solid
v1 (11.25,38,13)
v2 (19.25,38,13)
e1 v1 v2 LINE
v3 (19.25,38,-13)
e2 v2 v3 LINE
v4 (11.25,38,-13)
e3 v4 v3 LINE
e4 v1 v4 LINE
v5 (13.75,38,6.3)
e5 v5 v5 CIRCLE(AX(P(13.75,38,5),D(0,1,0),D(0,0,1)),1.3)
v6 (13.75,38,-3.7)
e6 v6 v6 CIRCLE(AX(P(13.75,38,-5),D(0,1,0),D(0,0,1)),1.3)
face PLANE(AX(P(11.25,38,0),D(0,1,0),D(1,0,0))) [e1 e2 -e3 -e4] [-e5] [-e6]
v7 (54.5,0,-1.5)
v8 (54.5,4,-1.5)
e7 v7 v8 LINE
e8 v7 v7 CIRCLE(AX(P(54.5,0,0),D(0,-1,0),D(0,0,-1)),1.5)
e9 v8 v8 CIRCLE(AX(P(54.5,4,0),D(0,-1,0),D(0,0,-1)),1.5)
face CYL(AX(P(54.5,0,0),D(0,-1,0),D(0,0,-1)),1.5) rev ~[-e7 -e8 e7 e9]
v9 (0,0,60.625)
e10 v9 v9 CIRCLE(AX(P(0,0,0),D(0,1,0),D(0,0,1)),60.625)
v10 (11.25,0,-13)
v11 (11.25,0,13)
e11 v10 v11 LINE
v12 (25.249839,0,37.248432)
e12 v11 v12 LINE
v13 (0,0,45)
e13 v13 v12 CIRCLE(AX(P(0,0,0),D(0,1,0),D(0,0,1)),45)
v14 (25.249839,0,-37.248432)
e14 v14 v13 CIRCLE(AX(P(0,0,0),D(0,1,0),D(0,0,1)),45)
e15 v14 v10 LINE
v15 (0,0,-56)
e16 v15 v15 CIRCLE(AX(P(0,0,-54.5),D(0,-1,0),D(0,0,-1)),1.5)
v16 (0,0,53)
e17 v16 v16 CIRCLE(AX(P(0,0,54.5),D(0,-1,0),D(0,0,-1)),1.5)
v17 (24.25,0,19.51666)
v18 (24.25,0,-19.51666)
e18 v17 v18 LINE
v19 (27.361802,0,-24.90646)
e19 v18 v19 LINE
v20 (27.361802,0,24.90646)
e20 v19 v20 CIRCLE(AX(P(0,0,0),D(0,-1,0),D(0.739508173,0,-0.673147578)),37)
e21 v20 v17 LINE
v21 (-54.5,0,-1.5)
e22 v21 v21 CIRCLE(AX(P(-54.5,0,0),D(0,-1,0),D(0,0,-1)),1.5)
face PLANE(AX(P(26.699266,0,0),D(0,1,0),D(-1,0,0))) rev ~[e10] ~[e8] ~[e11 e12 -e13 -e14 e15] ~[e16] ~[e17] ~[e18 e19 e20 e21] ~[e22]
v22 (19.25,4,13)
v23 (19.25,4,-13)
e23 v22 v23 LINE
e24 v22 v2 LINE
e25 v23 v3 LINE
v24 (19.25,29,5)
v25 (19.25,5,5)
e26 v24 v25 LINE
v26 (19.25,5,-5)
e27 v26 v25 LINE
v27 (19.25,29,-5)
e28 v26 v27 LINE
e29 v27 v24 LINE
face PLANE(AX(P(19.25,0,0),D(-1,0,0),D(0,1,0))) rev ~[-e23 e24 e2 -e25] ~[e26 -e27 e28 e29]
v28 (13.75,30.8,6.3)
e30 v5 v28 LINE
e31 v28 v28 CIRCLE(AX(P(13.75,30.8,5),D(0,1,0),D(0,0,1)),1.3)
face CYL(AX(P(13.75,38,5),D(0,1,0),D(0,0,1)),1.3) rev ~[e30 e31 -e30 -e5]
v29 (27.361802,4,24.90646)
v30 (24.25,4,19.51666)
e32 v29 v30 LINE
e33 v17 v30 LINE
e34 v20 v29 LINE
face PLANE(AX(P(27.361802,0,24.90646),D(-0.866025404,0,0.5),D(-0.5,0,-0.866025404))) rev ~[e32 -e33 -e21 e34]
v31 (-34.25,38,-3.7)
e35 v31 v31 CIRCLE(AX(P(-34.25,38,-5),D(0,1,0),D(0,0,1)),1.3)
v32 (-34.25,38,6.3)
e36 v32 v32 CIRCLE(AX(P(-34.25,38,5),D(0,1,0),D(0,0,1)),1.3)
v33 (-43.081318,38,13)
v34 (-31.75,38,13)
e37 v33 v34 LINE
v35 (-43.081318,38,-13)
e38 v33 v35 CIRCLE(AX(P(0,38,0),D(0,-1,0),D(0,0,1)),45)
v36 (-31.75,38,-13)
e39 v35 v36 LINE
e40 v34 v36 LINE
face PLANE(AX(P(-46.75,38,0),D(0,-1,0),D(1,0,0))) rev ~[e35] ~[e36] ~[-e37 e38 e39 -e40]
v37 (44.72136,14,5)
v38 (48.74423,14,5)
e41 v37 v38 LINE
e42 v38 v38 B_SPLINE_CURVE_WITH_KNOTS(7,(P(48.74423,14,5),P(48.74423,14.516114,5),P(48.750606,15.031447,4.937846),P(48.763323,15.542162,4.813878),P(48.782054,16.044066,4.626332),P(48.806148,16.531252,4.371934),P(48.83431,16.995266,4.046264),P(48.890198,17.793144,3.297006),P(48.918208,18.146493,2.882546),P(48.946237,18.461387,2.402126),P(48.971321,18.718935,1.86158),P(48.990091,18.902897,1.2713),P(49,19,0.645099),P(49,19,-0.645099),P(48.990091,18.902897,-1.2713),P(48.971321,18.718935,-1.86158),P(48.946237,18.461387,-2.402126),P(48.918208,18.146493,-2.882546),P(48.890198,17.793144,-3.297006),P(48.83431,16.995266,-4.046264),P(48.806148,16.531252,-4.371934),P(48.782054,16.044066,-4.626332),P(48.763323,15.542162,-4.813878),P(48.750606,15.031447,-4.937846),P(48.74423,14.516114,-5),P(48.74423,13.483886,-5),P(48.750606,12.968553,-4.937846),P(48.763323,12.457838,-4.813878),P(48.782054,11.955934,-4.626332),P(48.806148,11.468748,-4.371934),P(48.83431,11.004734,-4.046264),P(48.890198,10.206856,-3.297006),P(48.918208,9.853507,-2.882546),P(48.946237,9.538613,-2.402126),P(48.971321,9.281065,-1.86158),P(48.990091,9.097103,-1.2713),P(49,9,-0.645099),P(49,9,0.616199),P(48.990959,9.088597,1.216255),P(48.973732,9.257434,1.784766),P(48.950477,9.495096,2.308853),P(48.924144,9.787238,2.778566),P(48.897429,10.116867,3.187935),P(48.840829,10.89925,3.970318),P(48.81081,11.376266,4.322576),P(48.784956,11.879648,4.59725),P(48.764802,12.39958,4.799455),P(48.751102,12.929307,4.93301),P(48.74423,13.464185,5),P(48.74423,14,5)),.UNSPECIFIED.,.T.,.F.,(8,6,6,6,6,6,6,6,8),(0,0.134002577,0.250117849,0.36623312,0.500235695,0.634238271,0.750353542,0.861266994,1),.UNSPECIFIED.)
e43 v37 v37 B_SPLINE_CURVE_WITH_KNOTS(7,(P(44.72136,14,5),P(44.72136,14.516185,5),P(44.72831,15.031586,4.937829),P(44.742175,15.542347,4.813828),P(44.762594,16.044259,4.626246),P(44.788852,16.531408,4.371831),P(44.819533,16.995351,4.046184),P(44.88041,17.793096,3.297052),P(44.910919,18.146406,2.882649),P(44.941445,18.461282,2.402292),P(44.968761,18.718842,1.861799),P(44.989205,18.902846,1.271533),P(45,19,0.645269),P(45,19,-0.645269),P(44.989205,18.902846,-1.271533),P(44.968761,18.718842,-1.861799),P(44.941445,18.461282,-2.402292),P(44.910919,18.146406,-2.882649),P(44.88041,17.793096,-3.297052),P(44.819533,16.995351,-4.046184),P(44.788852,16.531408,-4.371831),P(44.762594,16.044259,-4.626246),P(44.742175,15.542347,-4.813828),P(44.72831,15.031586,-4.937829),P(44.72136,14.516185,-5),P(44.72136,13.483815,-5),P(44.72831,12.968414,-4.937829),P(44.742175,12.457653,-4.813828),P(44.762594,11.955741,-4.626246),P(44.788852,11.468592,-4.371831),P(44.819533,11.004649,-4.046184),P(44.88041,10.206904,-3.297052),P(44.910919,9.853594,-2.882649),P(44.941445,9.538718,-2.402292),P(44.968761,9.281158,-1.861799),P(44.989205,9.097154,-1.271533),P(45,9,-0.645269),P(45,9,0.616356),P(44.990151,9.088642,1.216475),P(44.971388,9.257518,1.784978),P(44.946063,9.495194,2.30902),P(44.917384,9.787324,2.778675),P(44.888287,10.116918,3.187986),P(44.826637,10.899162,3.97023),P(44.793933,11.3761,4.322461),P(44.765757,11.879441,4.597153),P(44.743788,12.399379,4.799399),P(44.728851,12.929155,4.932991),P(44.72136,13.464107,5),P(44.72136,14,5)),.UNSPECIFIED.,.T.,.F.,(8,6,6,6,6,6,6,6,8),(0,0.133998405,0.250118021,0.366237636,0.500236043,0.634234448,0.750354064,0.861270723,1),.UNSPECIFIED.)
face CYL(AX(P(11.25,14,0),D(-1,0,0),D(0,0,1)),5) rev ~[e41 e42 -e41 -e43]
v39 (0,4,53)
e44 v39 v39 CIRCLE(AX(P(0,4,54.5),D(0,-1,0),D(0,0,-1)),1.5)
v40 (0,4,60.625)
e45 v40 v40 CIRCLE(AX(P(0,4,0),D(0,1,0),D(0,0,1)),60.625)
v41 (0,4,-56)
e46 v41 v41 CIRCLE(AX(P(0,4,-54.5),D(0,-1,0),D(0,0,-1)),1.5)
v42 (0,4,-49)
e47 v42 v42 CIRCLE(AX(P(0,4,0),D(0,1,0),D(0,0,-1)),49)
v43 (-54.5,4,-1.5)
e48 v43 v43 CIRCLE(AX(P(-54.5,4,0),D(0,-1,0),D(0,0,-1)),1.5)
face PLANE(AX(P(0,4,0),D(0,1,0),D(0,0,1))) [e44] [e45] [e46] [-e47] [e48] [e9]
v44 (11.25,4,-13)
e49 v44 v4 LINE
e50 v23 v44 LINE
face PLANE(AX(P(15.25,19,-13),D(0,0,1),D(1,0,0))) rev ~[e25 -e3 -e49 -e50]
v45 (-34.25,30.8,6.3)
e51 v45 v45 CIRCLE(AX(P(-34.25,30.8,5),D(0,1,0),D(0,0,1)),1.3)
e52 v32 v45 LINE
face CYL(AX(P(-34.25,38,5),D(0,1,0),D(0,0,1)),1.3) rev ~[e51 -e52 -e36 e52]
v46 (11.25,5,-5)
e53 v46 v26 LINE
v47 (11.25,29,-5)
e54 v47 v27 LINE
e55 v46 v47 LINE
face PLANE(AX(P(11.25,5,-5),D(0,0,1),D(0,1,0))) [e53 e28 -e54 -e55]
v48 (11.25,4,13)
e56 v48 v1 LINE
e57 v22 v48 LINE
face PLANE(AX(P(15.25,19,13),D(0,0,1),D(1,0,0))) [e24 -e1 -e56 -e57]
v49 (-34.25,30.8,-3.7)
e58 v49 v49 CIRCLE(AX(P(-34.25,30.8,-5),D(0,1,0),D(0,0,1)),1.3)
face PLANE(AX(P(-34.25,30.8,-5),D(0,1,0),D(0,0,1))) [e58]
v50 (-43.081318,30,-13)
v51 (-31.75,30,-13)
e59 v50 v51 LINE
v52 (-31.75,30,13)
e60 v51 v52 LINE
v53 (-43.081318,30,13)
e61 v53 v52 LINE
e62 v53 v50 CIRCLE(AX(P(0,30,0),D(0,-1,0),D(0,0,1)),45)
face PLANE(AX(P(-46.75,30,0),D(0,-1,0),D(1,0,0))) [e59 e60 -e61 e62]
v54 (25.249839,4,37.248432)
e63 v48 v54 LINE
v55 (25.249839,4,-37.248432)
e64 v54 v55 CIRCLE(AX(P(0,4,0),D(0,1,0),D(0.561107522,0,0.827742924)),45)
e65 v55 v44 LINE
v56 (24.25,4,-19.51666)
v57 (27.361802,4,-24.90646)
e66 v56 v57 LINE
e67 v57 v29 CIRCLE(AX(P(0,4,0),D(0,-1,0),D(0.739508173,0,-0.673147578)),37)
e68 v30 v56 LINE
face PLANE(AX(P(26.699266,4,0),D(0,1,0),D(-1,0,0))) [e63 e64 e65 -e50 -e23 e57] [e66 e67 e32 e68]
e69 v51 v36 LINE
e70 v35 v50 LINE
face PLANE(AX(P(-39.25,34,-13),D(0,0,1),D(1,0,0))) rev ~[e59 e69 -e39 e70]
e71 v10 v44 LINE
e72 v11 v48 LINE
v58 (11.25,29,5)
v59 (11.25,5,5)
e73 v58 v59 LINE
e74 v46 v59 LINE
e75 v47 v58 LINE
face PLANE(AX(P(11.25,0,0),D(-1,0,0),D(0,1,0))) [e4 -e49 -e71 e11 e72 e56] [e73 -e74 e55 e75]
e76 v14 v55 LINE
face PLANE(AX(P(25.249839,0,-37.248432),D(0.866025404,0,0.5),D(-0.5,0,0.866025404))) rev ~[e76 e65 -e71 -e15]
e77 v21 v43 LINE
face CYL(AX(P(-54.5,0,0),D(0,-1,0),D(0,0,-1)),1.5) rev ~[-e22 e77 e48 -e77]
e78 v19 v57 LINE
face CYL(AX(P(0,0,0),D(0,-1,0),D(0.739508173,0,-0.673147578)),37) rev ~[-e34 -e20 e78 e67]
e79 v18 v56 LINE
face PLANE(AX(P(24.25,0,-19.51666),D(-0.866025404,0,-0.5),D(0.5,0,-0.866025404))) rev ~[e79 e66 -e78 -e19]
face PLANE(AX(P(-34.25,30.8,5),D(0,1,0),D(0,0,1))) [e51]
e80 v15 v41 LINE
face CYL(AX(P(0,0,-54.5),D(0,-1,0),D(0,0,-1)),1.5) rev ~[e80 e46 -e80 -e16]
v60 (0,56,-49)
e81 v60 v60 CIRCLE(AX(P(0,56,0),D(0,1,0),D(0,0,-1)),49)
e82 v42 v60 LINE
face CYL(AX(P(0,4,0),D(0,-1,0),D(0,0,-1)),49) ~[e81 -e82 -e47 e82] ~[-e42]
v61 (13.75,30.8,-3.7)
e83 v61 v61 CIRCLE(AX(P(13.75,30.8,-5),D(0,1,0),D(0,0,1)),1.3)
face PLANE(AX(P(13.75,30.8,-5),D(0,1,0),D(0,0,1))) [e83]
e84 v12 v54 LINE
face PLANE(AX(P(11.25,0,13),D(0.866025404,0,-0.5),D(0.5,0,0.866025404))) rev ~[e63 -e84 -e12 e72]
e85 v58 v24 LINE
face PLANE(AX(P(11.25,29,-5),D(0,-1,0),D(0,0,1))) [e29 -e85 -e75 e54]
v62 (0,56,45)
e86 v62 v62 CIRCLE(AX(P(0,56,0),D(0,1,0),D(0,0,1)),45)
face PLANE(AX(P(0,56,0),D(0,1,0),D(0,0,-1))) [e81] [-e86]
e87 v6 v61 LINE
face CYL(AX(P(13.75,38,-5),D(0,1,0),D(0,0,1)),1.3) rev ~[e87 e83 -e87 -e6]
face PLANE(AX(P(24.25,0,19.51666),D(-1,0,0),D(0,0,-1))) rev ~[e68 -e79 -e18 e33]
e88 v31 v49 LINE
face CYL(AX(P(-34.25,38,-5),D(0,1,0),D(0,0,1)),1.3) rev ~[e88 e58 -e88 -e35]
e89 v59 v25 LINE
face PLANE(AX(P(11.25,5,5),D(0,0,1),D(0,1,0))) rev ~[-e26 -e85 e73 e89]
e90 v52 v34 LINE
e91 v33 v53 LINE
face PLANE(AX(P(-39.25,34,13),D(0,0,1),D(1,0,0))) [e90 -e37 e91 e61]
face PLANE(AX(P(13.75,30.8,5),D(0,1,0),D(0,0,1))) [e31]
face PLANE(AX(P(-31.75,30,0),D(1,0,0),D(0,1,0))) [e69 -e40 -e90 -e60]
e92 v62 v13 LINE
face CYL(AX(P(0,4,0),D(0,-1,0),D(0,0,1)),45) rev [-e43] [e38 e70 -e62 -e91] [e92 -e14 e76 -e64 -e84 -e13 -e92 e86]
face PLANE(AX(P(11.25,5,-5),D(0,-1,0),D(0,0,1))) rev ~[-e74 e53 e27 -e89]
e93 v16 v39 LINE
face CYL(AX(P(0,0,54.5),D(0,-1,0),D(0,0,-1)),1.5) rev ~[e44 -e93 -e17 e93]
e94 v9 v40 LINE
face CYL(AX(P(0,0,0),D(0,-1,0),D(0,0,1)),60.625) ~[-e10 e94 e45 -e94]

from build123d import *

# Parameters (mm, degrees)
SKETCH1_R           = 60.625
SKETCH1_R_2         = 45
BOSS_EXTRUDE1_DEPTH = 4
SKETCH2_R           = 49
SKETCH2_R_2         = 45
BOSS_EXTRUDE2_DEPTH = 52
SKETCH3_W           = 8
SKETCH3_H           = 38
SKETCH3_W_2         = 15
SKETCH3_H_2         = 8
BOSS_EXTRUDE3_DEPTH = 13
SKETCH4_R           = 1.3
CUT_EXTRUDE1_DEPTH  = 7.2
BOSS_EXTRUDE4_DEPTH = 4
SKETCH7_W           = 10
SKETCH7_H           = 24
CUT_EXTRUDE2_DEPTH  = 8
SKETCH8_R           = 5
CUT_EXTRUDE3_DEPTH  = 110.441337026
CUT_EXTRUDE4_REACH  = 104.405
SKETCH9_R           = 1.5


with BuildPart() as part:
    # Sketch1 → Boss-Extrude1 (new body)
    with BuildSketch(Plane(origin=(0, 0, 0), x_dir=(1, 0, 0), z_dir=(0, 1, 0))):
        with Locations(Location((0, 0, 0), (0, 0, 270))):
            Circle(SKETCH1_R)
        with Locations(Location((0, 0, 0), (0, 0, 270))):
            Circle(SKETCH1_R_2, mode=Mode.SUBTRACT)
    extrude(amount=BOSS_EXTRUDE1_DEPTH)

    # Sketch2 → Boss-Extrude2 (add)
    with BuildSketch(Plane(origin=(0, 4, 0), x_dir=(1, 0, 0), z_dir=(0, 1, 0))):
        with Locations(Location((0, 0, 0), (0, 0, 90))):
            Circle(SKETCH2_R)
        with Locations(Location((0, 0, 0), (0, 0, 270))):
            Circle(SKETCH2_R_2, mode=Mode.SUBTRACT)
    extrude(amount=BOSS_EXTRUDE2_DEPTH)

    # Sketch3 → Boss-Extrude3 (add, symmetric)
    with BuildSketch(Plane.XY):
        with Locations((15.25, 19)):
            Rectangle(SKETCH3_W, SKETCH3_H)
        with Locations((-39.25, 34)):
            Rectangle(SKETCH3_W_2, SKETCH3_H_2)
    extrude(amount=BOSS_EXTRUDE3_DEPTH, both=True)


with BuildPart() as boss_extrude3_piece_1:
    # of the separate pieces the step leaves, piece 1, a body of its own (boss_extrude3_pieces)
    add(part.part.solids().sort_by_distance((0, 0, 60.625))[0])


with BuildPart() as boss_extrude3_piece_2:
    # of the separate pieces the step leaves, piece 2, a body of its own (boss_extrude3_pieces)
    add(part.part.solids().sort_by_distance((11.25, 0, -13))[0])


with BuildPart() as cut_extrude1_tool:
    # Sketch4 → Cut-Extrude1 (new body)
    with BuildSketch(Plane(origin=(0, 38, 0), x_dir=(1, 0, 0), z_dir=(0, 1, 0))):
        with Locations(Location((13.75, 5, 0), (0, 0, 270))):
            Circle(SKETCH4_R)
        with Locations(Location((13.75, -5, 0), (0, 0, 270))):
            Circle(SKETCH4_R)
        with Locations(Location((-34.25, 5, 0), (0, 0, 270))):
            Circle(SKETCH4_R)
        with Locations(Location((-34.25, -5, 0), (0, 0, 270))):
            Circle(SKETCH4_R)
    extrude(amount=-CUT_EXTRUDE1_DEPTH)


with BuildPart() as boss_extrude3_piece_1_1:
    add(boss_extrude3_piece_1.part)

    # Cut-Extrude1: cut by cut_extrude1_tool
    add(cut_extrude1_tool.part, mode=Mode.SUBTRACT)



with BuildPart() as boss_extrude3_piece_2_1:
    add(boss_extrude3_piece_2.part)

    # Cut-Extrude1: cut by cut_extrude1_tool
    add(cut_extrude1_tool.part, mode=Mode.SUBTRACT)


with BuildPart() as boss_extrude3_piece_1_2:
    add(boss_extrude3_piece_1_1.part)

    add(boss_extrude3_piece_2_1.part)  # Boss-Extrude4 merges Boss-Extrude3 piece 2
    # Sketch5 → Boss-Extrude4 (add)
    with BuildSketch(Plane.XZ):
        with BuildLine():
            Line((11.25, 13), (25.249838503, 37.248431585))
            ThreePointArc((25.249838503, 37.248431585), (45, 0), (25.249838503, -37.248431585))
            Line((25.249838503, -37.248431585), (11.25, -13))
            Line((11.25, -13), (11.25, 13))
        make_face()
        with BuildLine():
            Line((24.25, -19.516660498), (27.361802413, -24.906460381))
            ThreePointArc((27.361802413, -24.906460381), (37, 0), (27.361802413, 24.906460381))
            Line((27.361802413, 24.906460381), (24.25, 19.516660498))
            Line((24.25, 19.516660498), (24.25, -19.516660498))
        make_face(mode=Mode.SUBTRACT)
    extrude(amount=-BOSS_EXTRUDE4_DEPTH)

    # Sketch7 → Cut-Extrude2 (cut)
    with BuildSketch(Plane.ZY.offset(-11.25)):
        with Locations((0, 17)):
            Rectangle(SKETCH7_W, SKETCH7_H)
    extrude(amount=-CUT_EXTRUDE2_DEPTH, mode=Mode.SUBTRACT)

    # Sketch8 → Cut-Extrude3 (cut, through all)
    with BuildSketch(Plane.ZY.offset(-11.25)):
        with Locations((0, 14)):
            Circle(SKETCH8_R)
    extrude(amount=-CUT_EXTRUDE3_DEPTH, mode=Mode.SUBTRACT)

    # Sketch9 → Cut-Extrude4 (cut, up to next)
    with BuildSketch(Plane.XZ, mode=Mode.PRIVATE) as cut_extrude4_sk1:
        with Locations(Location((54.5, 0, 0), (0, 0, 270))):
            Circle(SKETCH9_R)
    cut_extrude4_tool1 = extrude(cut_extrude4_sk1.sketch, amount=-CUT_EXTRUDE4_REACH, mode=Mode.PRIVATE) & boss_extrude3_piece_1_2.part
    # Sketch9 → Cut-Extrude4 (cut, up to next)
    with BuildSketch(Plane.XZ, mode=Mode.PRIVATE) as cut_extrude4_sk2:
        with Locations(Location((0, -54.5, 0), (0, 0, 270))):
            Circle(SKETCH9_R)
    cut_extrude4_tool2 = extrude(cut_extrude4_sk2.sketch, amount=-CUT_EXTRUDE4_REACH, mode=Mode.PRIVATE) & boss_extrude3_piece_1_2.part
    # Sketch9 → Cut-Extrude4 (cut, up to next)
    with BuildSketch(Plane.XZ, mode=Mode.PRIVATE) as cut_extrude4_sk3:
        with Locations(Location((-54.5, 0, 0), (0, 0, 270))):
            Circle(SKETCH9_R)
    cut_extrude4_tool3 = extrude(cut_extrude4_sk3.sketch, amount=-CUT_EXTRUDE4_REACH, mode=Mode.PRIVATE) & boss_extrude3_piece_1_2.part
    # Sketch9 → Cut-Extrude4 (cut, up to next)
    with BuildSketch(Plane.XZ, mode=Mode.PRIVATE) as cut_extrude4_sk4:
        with Locations(Location((0, 54.5, 0), (0, 0, 270))):
            Circle(SKETCH9_R)
    cut_extrude4_tool4 = extrude(cut_extrude4_sk4.sketch, amount=-CUT_EXTRUDE4_REACH, mode=Mode.PRIVATE) & boss_extrude3_piece_1_2.part
    add(cut_extrude4_tool1.solids().sort_by_distance((54.5, 0, 0))[0], mode=Mode.SUBTRACT)
    add(cut_extrude4_tool2.solids().sort_by_distance((0, 0, -54.5))[0], mode=Mode.SUBTRACT)
    add(cut_extrude4_tool3.solids().sort_by_distance((-54.5, 0, 0))[0], mode=Mode.SUBTRACT)
    add(cut_extrude4_tool4.solids().sort_by_distance((0, 0, 54.5))[0], mode=Mode.SUBTRACT)


solid = boss_extrude3_piece_1_2.part
